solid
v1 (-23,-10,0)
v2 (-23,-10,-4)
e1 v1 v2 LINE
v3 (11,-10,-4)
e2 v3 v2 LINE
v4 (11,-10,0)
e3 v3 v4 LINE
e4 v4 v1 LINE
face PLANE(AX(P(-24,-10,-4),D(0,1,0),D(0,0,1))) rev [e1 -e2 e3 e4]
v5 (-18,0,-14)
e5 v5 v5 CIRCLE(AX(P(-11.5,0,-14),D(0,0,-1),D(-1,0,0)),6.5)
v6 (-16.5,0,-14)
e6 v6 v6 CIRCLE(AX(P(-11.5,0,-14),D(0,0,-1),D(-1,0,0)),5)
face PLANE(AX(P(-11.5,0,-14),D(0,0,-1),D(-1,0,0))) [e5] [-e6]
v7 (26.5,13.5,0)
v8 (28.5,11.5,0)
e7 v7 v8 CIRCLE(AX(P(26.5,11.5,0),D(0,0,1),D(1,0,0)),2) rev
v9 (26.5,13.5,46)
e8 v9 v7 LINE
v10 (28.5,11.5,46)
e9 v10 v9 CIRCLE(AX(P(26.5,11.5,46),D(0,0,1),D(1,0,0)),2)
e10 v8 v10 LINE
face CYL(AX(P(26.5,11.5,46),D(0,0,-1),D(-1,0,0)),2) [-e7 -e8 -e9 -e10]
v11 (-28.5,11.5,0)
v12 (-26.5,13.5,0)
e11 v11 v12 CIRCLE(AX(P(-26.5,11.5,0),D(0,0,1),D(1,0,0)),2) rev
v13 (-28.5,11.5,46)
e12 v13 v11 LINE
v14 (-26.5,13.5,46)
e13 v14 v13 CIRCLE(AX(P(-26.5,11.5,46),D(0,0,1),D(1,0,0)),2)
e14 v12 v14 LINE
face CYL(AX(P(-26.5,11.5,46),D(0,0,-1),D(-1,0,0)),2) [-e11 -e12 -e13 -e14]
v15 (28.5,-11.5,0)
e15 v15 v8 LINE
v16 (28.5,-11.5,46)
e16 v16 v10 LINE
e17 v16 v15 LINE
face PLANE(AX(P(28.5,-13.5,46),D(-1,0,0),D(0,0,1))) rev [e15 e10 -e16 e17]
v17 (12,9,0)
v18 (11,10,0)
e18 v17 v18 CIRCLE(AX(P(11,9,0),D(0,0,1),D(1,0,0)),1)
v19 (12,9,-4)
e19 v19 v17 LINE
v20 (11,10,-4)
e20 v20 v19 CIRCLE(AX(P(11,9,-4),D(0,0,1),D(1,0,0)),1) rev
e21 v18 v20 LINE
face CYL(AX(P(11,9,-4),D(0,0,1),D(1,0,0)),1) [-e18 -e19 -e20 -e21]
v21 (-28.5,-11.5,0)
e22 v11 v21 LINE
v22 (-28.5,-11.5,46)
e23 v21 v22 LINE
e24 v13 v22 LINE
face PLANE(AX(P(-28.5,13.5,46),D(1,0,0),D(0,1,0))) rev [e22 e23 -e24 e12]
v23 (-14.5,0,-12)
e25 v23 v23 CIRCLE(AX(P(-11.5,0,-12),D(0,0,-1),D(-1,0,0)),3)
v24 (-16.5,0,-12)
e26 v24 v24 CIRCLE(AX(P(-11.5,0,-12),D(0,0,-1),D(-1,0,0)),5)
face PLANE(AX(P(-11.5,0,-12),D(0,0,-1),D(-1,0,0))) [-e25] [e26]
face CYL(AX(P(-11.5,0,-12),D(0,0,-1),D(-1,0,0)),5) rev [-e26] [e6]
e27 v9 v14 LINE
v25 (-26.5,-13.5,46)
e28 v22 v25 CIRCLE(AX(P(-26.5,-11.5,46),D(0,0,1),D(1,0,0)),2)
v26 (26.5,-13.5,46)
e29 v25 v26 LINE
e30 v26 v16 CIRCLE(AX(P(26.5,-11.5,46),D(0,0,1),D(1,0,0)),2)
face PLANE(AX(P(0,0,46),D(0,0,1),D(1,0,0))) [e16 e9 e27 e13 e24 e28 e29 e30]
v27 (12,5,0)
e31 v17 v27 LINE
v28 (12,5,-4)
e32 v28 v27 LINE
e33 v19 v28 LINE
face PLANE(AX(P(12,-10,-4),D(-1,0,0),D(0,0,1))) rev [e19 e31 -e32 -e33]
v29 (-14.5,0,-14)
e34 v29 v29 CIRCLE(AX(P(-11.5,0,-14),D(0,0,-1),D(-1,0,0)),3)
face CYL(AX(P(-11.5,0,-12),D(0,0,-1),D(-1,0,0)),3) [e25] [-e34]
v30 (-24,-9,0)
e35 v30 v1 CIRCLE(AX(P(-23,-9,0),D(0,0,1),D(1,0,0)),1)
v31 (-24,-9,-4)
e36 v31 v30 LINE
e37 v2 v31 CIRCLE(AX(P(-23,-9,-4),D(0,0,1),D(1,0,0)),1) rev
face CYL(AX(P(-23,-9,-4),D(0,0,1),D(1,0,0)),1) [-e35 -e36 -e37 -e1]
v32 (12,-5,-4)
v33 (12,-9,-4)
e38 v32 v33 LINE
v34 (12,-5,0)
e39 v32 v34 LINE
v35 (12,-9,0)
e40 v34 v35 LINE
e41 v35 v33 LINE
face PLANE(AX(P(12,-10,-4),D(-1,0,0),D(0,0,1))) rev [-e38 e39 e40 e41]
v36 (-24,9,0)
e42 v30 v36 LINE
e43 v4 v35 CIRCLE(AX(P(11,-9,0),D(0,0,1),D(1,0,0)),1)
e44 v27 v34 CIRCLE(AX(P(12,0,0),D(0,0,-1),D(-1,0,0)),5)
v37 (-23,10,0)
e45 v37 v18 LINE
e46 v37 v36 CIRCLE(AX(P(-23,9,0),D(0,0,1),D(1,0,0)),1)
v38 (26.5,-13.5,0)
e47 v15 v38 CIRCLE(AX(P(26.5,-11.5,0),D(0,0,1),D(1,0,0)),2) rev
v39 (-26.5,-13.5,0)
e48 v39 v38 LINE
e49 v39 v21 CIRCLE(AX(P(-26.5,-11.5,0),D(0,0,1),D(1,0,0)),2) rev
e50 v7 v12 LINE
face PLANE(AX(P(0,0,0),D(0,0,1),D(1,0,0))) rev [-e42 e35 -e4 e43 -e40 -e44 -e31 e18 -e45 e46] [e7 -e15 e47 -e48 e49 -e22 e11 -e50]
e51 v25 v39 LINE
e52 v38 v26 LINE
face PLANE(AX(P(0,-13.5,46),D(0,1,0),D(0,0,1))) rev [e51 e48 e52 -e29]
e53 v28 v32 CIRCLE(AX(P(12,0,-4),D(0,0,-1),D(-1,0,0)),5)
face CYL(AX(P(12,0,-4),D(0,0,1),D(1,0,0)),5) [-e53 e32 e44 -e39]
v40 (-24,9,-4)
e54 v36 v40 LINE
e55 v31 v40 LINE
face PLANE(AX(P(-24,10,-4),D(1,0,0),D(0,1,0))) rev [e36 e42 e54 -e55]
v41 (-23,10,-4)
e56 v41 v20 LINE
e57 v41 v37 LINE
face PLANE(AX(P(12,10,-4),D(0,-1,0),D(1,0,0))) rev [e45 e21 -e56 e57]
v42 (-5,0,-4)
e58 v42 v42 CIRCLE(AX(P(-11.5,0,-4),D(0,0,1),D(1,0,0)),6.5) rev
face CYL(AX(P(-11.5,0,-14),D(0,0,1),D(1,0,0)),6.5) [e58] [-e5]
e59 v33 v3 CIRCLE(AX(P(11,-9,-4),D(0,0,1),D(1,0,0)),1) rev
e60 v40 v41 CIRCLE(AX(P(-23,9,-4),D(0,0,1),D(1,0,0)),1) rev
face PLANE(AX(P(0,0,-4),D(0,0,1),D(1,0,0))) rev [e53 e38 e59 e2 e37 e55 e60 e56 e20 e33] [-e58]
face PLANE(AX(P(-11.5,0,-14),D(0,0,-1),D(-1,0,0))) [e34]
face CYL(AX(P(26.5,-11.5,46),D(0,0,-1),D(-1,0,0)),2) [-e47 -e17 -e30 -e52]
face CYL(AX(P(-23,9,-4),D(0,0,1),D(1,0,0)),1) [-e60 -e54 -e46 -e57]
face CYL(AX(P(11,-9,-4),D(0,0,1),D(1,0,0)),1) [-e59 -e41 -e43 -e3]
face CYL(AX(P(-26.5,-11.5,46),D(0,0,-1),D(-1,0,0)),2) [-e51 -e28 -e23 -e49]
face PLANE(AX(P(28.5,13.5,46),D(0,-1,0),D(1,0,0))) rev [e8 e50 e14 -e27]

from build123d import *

# Parameters (mm, degrees)
BOSS_EXTRU_1_DEPTH      = 46
CONG_1_R                = 2
ESQUISSE2_W             = 36
ESQUISSE2_H             = 20
BOSS_EXTRU_2_DEPTH      = 4
CONG_3_R                = 1
ESQUISSE4_R             = 6.5
BOSS_EXTRU_3_DEPTH      = 10
ESQUISSE5_R             = 5
ESQUISSE5_R_2           = 3
ENL_V_MAT_EXTRU_1_DEPTH = 2
BOSS_EXTRU_4_DEPTH      = 4


with BuildPart() as part:
    # Esquisse1 → Boss.-Extru.1 (new body)
    with BuildSketch(Plane.XY):
        Polygon((0, -13.5), (28.5, -13.5), (28.5, 13.5), (-28.5, 13.5), (-28.5, -13.5), align=None)
    extrude(amount=BOSS_EXTRU_1_DEPTH)

    # Congé1
    cong_1_edges = [part.edges().sort_by_distance(p)[0] for p in [
        (-28.5, -13.5, 23),
        (-28.5, 13.5, 23),
        (28.5, 13.5, 23),
        (28.5, -13.5, 23),
    ]]
    fillet(cong_1_edges, radius=CONG_1_R)

    # Esquisse2 → Boss.-Extru.2 (add)
    with BuildSketch(Plane(origin=(0, 0, 0), x_dir=(-1, 0, 0), z_dir=(0, 0, -1))):
        with Locations((6, 0)):
            Rectangle(ESQUISSE2_W, ESQUISSE2_H)
    extrude(amount=BOSS_EXTRU_2_DEPTH)

    # Congé3
    cong_3_edges = [part.edges().sort_by_distance(p)[0] for p in [
        (-24, 10, -2),
        (12, 10, -2),
        (12, -10, -2),
        (-24, -10, -2),
    ]]
    fillet(cong_3_edges, radius=CONG_3_R)

    # Esquisse4 → Boss.-Extru.3 (add)
    with BuildSketch(Plane(origin=(0, 0, -4), x_dir=(-1, 0, 0), z_dir=(0, 0, -1))):
        with Locations(Location((11.5, 0, 0), (0, 0, 180))):
            Circle(ESQUISSE4_R)
    extrude(amount=BOSS_EXTRU_3_DEPTH)

    # Esquisse5 → Enlèv. mat.-Extru.1 (cut)
    with BuildSketch(Plane(origin=(0, 0, -14), x_dir=(-1, 0, 0), z_dir=(0, 0, -1))):
        with Locations((11.5, 0)):
            Circle(ESQUISSE5_R)
        with Locations((11.5, 0)):
            Circle(ESQUISSE5_R_2, mode=Mode.SUBTRACT)
    extrude(amount=-ENL_V_MAT_EXTRU_1_DEPTH, mode=Mode.SUBTRACT)

    # Esquisse7 → Boss.-Extru.4 (add)
    with BuildSketch(Plane(origin=(0, 0, 0), x_dir=(-1, 0, 0), z_dir=(0, 0, -1))):
        with BuildLine():
            Line((-12, -5), (-12, 0))
            Line((-12, 0), (-12, 5))
            ThreePointArc((-12, 5), (-17, 0), (-12, -5))
        make_face()
    extrude(amount=BOSS_EXTRU_4_DEPTH)


solid = part.part
